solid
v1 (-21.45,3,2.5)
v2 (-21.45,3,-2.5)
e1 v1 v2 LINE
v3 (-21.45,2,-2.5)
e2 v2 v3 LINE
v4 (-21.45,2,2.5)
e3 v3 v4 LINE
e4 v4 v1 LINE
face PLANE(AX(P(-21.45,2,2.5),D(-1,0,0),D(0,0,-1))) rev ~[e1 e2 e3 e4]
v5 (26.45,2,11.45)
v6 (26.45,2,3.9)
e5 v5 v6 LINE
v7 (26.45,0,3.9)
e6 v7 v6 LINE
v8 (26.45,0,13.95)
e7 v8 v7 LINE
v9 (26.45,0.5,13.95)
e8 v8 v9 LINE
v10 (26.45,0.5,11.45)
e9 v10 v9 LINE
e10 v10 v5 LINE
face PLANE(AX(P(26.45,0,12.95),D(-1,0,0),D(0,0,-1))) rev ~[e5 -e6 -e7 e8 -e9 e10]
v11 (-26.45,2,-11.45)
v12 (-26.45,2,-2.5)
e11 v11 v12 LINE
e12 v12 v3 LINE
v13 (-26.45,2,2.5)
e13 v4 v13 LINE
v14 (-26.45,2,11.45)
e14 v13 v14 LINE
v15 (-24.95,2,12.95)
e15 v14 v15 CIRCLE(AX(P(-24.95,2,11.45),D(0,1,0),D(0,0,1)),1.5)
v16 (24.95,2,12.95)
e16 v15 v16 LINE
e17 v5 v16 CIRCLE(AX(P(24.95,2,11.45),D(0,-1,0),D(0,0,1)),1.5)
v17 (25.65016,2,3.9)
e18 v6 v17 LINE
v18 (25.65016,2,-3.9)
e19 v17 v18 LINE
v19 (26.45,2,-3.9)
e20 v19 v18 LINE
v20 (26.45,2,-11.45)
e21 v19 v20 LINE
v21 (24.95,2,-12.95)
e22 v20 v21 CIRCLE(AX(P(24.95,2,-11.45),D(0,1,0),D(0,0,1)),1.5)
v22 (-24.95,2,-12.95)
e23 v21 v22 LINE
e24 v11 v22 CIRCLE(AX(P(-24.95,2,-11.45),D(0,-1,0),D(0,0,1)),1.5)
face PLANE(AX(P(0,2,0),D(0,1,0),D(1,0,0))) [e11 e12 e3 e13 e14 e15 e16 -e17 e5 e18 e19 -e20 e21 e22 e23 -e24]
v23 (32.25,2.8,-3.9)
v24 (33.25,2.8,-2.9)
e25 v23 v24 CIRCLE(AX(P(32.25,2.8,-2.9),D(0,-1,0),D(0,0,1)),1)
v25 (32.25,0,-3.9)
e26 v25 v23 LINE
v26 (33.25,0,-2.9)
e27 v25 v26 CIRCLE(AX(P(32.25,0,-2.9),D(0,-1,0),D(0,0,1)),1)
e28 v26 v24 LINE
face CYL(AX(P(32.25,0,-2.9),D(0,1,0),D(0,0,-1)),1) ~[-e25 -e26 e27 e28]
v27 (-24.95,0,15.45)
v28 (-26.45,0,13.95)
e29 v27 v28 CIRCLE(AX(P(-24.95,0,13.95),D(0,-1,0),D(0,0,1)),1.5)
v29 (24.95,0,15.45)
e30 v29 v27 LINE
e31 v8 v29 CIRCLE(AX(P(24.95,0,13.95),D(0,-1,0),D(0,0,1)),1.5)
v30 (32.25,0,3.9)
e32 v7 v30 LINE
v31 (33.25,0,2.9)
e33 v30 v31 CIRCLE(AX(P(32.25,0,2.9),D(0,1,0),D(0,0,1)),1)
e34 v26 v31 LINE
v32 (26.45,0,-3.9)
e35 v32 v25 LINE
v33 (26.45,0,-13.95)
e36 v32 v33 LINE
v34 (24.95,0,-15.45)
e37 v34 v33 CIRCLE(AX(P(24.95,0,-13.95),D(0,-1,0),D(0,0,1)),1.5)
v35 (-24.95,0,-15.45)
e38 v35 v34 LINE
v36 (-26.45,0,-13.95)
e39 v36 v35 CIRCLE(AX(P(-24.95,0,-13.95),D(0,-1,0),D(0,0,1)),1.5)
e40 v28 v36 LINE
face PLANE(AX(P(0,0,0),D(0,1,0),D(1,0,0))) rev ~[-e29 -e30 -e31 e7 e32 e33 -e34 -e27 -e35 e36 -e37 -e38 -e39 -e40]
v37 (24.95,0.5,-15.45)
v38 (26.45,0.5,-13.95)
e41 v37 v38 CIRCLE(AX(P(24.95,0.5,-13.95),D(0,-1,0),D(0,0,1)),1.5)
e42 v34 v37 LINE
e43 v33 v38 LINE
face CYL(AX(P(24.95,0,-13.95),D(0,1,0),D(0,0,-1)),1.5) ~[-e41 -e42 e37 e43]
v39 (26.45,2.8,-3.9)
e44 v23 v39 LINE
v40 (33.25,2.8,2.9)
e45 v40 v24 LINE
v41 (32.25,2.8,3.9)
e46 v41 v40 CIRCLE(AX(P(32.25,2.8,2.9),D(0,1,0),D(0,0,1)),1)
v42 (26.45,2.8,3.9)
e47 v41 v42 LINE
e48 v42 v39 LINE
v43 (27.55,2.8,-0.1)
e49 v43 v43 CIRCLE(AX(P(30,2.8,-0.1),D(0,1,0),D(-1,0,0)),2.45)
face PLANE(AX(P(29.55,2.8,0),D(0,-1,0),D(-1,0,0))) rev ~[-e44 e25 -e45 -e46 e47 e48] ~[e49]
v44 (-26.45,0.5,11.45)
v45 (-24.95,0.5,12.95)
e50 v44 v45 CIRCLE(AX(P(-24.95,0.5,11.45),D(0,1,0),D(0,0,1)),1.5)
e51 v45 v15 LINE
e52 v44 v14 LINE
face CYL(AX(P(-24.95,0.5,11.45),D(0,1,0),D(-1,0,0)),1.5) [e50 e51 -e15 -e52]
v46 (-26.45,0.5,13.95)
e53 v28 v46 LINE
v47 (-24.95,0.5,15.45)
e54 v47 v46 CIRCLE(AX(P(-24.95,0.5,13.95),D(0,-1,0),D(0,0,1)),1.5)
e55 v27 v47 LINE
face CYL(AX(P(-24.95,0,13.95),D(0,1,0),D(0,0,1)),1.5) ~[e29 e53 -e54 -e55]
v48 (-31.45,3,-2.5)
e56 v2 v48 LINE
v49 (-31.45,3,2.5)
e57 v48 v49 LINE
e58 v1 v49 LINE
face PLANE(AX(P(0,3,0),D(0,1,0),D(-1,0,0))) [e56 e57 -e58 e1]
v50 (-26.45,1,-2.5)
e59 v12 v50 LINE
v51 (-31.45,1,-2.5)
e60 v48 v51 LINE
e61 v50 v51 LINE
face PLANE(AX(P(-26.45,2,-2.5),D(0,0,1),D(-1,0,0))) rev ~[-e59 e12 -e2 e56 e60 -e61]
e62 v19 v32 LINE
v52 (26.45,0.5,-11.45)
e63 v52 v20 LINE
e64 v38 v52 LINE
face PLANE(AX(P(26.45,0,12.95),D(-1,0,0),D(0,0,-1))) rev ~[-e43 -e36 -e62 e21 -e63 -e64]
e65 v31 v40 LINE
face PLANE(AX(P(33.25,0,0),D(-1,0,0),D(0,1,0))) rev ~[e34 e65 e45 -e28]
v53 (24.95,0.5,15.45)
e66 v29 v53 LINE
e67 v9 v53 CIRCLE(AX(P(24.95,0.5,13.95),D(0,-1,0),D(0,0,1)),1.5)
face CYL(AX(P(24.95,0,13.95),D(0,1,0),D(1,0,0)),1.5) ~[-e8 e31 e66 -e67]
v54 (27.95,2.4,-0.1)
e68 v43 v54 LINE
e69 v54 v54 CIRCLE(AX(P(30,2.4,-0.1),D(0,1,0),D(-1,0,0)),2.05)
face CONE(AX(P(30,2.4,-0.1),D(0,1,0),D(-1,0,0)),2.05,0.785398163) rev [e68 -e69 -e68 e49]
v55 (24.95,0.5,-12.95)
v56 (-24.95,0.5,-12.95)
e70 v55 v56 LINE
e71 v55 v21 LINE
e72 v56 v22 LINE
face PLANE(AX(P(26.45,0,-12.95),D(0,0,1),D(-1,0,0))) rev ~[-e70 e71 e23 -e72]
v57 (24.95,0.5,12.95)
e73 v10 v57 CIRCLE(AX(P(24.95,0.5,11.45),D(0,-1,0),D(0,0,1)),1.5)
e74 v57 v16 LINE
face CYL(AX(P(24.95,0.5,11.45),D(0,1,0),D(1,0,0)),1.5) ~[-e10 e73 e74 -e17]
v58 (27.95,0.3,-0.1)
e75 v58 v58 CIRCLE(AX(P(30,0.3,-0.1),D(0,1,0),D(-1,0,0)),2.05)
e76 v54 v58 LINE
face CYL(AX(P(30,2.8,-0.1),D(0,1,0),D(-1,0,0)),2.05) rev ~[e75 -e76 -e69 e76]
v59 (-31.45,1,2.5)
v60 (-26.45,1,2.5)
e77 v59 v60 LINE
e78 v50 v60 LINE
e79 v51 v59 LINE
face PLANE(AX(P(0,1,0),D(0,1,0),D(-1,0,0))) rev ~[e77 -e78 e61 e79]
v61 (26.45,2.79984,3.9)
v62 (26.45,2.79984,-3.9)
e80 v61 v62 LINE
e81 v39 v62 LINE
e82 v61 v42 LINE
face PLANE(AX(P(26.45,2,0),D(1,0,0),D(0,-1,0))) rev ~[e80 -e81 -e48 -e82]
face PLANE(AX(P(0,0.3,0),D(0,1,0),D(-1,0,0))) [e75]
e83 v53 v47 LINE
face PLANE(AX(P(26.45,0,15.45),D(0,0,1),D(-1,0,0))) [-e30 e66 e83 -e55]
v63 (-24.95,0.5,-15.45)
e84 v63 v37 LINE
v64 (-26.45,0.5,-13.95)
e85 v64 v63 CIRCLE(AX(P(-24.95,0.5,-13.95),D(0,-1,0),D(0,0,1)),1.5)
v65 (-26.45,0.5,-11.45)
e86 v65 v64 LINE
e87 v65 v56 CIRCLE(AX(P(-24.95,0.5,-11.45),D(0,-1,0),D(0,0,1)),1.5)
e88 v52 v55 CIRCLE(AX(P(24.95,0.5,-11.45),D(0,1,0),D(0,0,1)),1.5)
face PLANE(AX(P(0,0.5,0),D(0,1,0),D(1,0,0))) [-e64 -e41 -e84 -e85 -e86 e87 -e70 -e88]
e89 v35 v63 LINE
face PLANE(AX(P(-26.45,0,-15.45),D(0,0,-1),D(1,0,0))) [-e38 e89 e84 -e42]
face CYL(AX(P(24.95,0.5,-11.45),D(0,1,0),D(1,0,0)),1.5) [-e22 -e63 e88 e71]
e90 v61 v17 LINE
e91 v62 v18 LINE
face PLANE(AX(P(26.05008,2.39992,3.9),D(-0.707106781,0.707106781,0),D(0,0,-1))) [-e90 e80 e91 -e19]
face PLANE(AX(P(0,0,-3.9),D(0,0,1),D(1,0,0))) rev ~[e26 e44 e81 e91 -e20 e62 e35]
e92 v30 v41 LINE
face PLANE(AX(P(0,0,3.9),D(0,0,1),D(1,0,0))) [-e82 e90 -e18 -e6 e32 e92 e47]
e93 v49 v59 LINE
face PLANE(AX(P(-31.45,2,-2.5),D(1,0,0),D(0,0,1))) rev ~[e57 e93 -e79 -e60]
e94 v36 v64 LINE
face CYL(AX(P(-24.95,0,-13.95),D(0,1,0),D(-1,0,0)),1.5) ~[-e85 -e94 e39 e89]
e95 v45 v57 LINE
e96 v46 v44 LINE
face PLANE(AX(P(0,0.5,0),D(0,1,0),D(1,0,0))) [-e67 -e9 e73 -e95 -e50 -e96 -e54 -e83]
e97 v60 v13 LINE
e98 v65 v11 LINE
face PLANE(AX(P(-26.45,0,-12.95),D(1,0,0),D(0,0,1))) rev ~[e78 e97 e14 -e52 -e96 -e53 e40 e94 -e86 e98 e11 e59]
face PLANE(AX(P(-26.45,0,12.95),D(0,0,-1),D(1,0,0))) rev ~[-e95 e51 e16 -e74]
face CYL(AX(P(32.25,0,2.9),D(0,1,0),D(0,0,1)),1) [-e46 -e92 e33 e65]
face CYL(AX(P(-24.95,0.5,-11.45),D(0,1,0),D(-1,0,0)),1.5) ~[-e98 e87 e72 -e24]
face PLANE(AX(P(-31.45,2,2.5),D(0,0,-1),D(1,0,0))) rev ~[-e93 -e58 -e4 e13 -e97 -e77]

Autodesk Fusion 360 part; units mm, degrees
sketch "Sketch1" plane through (0, 0, 0) normal (0, 1, 0) x (1, 0, 0)
  line L0 (26.45, 12.95) -> (-26.45, 12.95)
  line L1 (-26.45, 12.95) -> (-26.45, -12.95)
  line L2 (-26.45, -12.95) -> (26.45, -12.95)
  line L3 (26.45, -12.95) -> (26.45, 12.95)
  line L4 (26.45, 12.95) -> (-26.45, -12.95) construction
  line L5 (-26.45, 12.95) -> (26.45, -12.95) construction
  line L6 (26.45, -15.45) -> (-26.45, -15.45)
  line L7 (-26.45, -15.45) -> (-26.45, 15.45)
  line L8 (-26.45, 15.45) -> (26.45, 15.45)
  line L9 (26.45, 15.45) -> (26.45, -15.45)
  line L10 (26.45, -15.45) -> (-26.45, 15.45) construction
  line L11 (-26.45, -15.45) -> (26.45, 15.45) construction
  dimension "d1" = 52.9
  dimension "d2" = 25.9
  dimension "d9" = 2.5
extrude "Extrude1" add sketch "Sketch1" along normal blind 2 contours L0 L1 L2 L3 L7 L9
sketch "Sketch2" plane through (0, 2, 0) normal (0, 1, 0) x (-1, 0, 0)
  line L0 (-26.45, 12.95) -> (-26.45, -12.95)
  line L1 (-26.45, -12.95) -> (26.45, -12.95)
  line L2 (26.45, -12.95) -> (26.45, 12.95)
  line L3 (26.45, 12.95) -> (-26.45, 12.95)
  line L4 (21.45, -2.5) -> (31.45, -2.5)
  line L5 (31.45, -2.5) -> (31.45, 2.5)
  line L6 (31.45, 2.5) -> (21.45, 2.5)
  line L7 (21.45, 2.5) -> (21.45, -2.5)
  line L8 (21.45, -2.5) -> (31.45, 2.5) construction
  line L9 (31.45, -2.5) -> (21.45, 2.5) construction
  point P0 (26.45, 0)
  dimension "d5" = 10
  dimension "d6" = 5
extrude "Extrude2" add sketch "Sketch2" along normal mid plane 2 contours L2 L4 L5 L6 | L2 L4 L6 L7
extrude "Extrude3" add sketch "Sketch1" along normal blind 0.5
sketch "Sketch3" plane through (0, 0, 0) normal (0, 0, 1) x (1, 0, 0)
  line L0 (26.45, 0.5) -> (-26.45, 0.5)
  line L1 (-26.45, 0.5) -> (-26.45, 2)
  line L2 (-26.45, 2) -> (26.45, 2)
  line L3 (26.45, 2) -> (26.45, 0.5)
  line L4 (26.45, 0) -> (-26.45, 0)
  line L5 (-26.45, 0) -> (-26.45, 0.5)
  line L6 (-26.45, 0.5) -> (26.45, 0.5)
  line L7 (26.45, 0.5) -> (26.45, 0)
  line L8 (26.45, 0) -> (28.55, 0)
  line L9 (28.55, 0) -> (28.55, 2)
  line L10 (28.55, 2) -> (26.45, 2)
  line L11 (26.45, 2) -> (26.45, 0)
  line L12 (28.55, 0) -> (29.55, 0)
  line L13 (29.55, 0) -> (29.55, 5.95)
  line L14 (29.55, 5.95) -> (28.55, 5.95)
  line L15 (28.55, 5.95) -> (28.55, 0)
  line L16 (28.55, 5.95) -> (27.55, 5.95)
  line L17 (27.55, 5.95) -> (27.55, 4.05)
  line L18 (27.55, 4.05) -> (28.55, 4.05)
  line L19 (28.55, 4.05) -> (28.55, 5.95)
  line L20 (28.55, 5.95) -> (27.55, 4.05)
  line L21 (27.55, 5.95) -> (28.55, 4.05) construction
  line L22 (29.55, 5.95) -> (28.4726, 5.3162)
  line L23 (28.4726, 5.3162) -> (31.9726, -0.6338)
  line L24 (31.9726, -0.6338) -> (33.05, 0)
  line L25 (33.05, 0) -> (29.55, 5.95)
  line L26 (33.05, 0) -> (33.05, -1.5)
  line L27 (33.05, -1.5) -> (31.9726, -1.5)
  line L28 (31.9726, -1.5) -> (31.9726, -0.6338)
  line L29 (33.05, 0) -> (29.55, 0) construction
  point P0 (28.05, 5)
  dimension "d12" = 2.1
  dimension "d13" = 2
  dimension "d14" = 1
  dimension "d17" = 3
  dimension "d18" = 1.9
  dimension "d19" = 1
  dimension "d20" = 1.25
  dimension "d21" = 3.5
  dimension "d27" = 1.5
sketch "Sketch4" plane through (0, 0, 0) normal (0, 0, 1) x (1, 0, 0)
  line L0 (26.45, 0.5) -> (-26.45, 0.5)
  line L1 (-26.45, 0.5) -> (-26.45, 2)
  line L2 (-26.45, 2) -> (26.45, 2)
  line L3 (26.45, 2) -> (26.45, 0.5)
  line L4 (26.45, 0) -> (-26.45, 0)
  line L5 (-26.45, 0) -> (-26.45, 0.5)
  line L6 (-26.45, 0.5) -> (26.45, 0.5)
  line L7 (26.45, 0.5) -> (26.45, 0)
  line L8 (28.55, 2) -> (26.45, 2)
  line L9 (26.45, 0) -> (28.55, 0)
  line L10 (28.55, 0) -> (29.55, 0)
  line L11 (29.55, 0) -> (29.55, 5.95)
  line L12 (28.55, 0) -> (28.55, 2)
  line L13 (26.45, 0) -> (33.25, 0)
  line L14 (33.25, 0) -> (33.25, 2.8)
  line L15 (33.25, 2.8) -> (26.45, 2.8)
  line L16 (26.45, 2.8) -> (26.45, 0)
  dimension "d30" = 6.8
  dimension "d34" = 2.8
extrude "Extrude6" add sketch "Sketch4" along normal mid plane 7.8 contours L3 L7 L8 L9 L12 L13 L16 | L8 L10 L11 L12 L13 L15 L16 | L11 L13 L14 L15
sketch "Sketch6" plane through (0, 2.8, 0) normal (0, 1, 0) x (-1, 0, 0)
  line L0 (-26.45, -3.9) -> (-26.45, 3.9)
  line L1 (-26.45, 3.9) -> (-33.25, 3.9)
  line L2 (-33.25, 3.9) -> (-33.25, -3.9)
  line L3 (-33.25, -3.9) -> (-26.45, -3.9)
  circle A0 centre (-30, -0.1) radius 2.05
  dimension "d35" = 4.1
  dimension "d38" = 4
  dimension "d39" = 3.55
extrude "Extrude8" cut sketch "Sketch6" against normal blind 2.5 contours A0
chamfer "Chamfer1" distance 0.4 angle 45 1 edges at (31.9113, 2.8, 0.6413)
chamfer "Chamfer2" distance 0.8 angle 45 1 edges at (26.45, 2, 0)
fillet "Fillet1" radius 1 2 edges at (33.25, 1.4, -3.9) (33.25, 1.4, 3.9)
fillet "Fillet2" radius 1.5 8 edges at (26.45, 1.25, 12.95) (26.45, 0.25, 15.45) (26.45, 1.25, -12.95) (26.45, 0.25, -15.45) (-26.45, 0.25, -15.45) (-26.45, 1.25, -12.95) (-26.45, 0.25, 15.45) (-26.45, 1.25, 12.95)
extrude "Extrude4" [suppressed]
extrude "Extrude5" [suppressed]
